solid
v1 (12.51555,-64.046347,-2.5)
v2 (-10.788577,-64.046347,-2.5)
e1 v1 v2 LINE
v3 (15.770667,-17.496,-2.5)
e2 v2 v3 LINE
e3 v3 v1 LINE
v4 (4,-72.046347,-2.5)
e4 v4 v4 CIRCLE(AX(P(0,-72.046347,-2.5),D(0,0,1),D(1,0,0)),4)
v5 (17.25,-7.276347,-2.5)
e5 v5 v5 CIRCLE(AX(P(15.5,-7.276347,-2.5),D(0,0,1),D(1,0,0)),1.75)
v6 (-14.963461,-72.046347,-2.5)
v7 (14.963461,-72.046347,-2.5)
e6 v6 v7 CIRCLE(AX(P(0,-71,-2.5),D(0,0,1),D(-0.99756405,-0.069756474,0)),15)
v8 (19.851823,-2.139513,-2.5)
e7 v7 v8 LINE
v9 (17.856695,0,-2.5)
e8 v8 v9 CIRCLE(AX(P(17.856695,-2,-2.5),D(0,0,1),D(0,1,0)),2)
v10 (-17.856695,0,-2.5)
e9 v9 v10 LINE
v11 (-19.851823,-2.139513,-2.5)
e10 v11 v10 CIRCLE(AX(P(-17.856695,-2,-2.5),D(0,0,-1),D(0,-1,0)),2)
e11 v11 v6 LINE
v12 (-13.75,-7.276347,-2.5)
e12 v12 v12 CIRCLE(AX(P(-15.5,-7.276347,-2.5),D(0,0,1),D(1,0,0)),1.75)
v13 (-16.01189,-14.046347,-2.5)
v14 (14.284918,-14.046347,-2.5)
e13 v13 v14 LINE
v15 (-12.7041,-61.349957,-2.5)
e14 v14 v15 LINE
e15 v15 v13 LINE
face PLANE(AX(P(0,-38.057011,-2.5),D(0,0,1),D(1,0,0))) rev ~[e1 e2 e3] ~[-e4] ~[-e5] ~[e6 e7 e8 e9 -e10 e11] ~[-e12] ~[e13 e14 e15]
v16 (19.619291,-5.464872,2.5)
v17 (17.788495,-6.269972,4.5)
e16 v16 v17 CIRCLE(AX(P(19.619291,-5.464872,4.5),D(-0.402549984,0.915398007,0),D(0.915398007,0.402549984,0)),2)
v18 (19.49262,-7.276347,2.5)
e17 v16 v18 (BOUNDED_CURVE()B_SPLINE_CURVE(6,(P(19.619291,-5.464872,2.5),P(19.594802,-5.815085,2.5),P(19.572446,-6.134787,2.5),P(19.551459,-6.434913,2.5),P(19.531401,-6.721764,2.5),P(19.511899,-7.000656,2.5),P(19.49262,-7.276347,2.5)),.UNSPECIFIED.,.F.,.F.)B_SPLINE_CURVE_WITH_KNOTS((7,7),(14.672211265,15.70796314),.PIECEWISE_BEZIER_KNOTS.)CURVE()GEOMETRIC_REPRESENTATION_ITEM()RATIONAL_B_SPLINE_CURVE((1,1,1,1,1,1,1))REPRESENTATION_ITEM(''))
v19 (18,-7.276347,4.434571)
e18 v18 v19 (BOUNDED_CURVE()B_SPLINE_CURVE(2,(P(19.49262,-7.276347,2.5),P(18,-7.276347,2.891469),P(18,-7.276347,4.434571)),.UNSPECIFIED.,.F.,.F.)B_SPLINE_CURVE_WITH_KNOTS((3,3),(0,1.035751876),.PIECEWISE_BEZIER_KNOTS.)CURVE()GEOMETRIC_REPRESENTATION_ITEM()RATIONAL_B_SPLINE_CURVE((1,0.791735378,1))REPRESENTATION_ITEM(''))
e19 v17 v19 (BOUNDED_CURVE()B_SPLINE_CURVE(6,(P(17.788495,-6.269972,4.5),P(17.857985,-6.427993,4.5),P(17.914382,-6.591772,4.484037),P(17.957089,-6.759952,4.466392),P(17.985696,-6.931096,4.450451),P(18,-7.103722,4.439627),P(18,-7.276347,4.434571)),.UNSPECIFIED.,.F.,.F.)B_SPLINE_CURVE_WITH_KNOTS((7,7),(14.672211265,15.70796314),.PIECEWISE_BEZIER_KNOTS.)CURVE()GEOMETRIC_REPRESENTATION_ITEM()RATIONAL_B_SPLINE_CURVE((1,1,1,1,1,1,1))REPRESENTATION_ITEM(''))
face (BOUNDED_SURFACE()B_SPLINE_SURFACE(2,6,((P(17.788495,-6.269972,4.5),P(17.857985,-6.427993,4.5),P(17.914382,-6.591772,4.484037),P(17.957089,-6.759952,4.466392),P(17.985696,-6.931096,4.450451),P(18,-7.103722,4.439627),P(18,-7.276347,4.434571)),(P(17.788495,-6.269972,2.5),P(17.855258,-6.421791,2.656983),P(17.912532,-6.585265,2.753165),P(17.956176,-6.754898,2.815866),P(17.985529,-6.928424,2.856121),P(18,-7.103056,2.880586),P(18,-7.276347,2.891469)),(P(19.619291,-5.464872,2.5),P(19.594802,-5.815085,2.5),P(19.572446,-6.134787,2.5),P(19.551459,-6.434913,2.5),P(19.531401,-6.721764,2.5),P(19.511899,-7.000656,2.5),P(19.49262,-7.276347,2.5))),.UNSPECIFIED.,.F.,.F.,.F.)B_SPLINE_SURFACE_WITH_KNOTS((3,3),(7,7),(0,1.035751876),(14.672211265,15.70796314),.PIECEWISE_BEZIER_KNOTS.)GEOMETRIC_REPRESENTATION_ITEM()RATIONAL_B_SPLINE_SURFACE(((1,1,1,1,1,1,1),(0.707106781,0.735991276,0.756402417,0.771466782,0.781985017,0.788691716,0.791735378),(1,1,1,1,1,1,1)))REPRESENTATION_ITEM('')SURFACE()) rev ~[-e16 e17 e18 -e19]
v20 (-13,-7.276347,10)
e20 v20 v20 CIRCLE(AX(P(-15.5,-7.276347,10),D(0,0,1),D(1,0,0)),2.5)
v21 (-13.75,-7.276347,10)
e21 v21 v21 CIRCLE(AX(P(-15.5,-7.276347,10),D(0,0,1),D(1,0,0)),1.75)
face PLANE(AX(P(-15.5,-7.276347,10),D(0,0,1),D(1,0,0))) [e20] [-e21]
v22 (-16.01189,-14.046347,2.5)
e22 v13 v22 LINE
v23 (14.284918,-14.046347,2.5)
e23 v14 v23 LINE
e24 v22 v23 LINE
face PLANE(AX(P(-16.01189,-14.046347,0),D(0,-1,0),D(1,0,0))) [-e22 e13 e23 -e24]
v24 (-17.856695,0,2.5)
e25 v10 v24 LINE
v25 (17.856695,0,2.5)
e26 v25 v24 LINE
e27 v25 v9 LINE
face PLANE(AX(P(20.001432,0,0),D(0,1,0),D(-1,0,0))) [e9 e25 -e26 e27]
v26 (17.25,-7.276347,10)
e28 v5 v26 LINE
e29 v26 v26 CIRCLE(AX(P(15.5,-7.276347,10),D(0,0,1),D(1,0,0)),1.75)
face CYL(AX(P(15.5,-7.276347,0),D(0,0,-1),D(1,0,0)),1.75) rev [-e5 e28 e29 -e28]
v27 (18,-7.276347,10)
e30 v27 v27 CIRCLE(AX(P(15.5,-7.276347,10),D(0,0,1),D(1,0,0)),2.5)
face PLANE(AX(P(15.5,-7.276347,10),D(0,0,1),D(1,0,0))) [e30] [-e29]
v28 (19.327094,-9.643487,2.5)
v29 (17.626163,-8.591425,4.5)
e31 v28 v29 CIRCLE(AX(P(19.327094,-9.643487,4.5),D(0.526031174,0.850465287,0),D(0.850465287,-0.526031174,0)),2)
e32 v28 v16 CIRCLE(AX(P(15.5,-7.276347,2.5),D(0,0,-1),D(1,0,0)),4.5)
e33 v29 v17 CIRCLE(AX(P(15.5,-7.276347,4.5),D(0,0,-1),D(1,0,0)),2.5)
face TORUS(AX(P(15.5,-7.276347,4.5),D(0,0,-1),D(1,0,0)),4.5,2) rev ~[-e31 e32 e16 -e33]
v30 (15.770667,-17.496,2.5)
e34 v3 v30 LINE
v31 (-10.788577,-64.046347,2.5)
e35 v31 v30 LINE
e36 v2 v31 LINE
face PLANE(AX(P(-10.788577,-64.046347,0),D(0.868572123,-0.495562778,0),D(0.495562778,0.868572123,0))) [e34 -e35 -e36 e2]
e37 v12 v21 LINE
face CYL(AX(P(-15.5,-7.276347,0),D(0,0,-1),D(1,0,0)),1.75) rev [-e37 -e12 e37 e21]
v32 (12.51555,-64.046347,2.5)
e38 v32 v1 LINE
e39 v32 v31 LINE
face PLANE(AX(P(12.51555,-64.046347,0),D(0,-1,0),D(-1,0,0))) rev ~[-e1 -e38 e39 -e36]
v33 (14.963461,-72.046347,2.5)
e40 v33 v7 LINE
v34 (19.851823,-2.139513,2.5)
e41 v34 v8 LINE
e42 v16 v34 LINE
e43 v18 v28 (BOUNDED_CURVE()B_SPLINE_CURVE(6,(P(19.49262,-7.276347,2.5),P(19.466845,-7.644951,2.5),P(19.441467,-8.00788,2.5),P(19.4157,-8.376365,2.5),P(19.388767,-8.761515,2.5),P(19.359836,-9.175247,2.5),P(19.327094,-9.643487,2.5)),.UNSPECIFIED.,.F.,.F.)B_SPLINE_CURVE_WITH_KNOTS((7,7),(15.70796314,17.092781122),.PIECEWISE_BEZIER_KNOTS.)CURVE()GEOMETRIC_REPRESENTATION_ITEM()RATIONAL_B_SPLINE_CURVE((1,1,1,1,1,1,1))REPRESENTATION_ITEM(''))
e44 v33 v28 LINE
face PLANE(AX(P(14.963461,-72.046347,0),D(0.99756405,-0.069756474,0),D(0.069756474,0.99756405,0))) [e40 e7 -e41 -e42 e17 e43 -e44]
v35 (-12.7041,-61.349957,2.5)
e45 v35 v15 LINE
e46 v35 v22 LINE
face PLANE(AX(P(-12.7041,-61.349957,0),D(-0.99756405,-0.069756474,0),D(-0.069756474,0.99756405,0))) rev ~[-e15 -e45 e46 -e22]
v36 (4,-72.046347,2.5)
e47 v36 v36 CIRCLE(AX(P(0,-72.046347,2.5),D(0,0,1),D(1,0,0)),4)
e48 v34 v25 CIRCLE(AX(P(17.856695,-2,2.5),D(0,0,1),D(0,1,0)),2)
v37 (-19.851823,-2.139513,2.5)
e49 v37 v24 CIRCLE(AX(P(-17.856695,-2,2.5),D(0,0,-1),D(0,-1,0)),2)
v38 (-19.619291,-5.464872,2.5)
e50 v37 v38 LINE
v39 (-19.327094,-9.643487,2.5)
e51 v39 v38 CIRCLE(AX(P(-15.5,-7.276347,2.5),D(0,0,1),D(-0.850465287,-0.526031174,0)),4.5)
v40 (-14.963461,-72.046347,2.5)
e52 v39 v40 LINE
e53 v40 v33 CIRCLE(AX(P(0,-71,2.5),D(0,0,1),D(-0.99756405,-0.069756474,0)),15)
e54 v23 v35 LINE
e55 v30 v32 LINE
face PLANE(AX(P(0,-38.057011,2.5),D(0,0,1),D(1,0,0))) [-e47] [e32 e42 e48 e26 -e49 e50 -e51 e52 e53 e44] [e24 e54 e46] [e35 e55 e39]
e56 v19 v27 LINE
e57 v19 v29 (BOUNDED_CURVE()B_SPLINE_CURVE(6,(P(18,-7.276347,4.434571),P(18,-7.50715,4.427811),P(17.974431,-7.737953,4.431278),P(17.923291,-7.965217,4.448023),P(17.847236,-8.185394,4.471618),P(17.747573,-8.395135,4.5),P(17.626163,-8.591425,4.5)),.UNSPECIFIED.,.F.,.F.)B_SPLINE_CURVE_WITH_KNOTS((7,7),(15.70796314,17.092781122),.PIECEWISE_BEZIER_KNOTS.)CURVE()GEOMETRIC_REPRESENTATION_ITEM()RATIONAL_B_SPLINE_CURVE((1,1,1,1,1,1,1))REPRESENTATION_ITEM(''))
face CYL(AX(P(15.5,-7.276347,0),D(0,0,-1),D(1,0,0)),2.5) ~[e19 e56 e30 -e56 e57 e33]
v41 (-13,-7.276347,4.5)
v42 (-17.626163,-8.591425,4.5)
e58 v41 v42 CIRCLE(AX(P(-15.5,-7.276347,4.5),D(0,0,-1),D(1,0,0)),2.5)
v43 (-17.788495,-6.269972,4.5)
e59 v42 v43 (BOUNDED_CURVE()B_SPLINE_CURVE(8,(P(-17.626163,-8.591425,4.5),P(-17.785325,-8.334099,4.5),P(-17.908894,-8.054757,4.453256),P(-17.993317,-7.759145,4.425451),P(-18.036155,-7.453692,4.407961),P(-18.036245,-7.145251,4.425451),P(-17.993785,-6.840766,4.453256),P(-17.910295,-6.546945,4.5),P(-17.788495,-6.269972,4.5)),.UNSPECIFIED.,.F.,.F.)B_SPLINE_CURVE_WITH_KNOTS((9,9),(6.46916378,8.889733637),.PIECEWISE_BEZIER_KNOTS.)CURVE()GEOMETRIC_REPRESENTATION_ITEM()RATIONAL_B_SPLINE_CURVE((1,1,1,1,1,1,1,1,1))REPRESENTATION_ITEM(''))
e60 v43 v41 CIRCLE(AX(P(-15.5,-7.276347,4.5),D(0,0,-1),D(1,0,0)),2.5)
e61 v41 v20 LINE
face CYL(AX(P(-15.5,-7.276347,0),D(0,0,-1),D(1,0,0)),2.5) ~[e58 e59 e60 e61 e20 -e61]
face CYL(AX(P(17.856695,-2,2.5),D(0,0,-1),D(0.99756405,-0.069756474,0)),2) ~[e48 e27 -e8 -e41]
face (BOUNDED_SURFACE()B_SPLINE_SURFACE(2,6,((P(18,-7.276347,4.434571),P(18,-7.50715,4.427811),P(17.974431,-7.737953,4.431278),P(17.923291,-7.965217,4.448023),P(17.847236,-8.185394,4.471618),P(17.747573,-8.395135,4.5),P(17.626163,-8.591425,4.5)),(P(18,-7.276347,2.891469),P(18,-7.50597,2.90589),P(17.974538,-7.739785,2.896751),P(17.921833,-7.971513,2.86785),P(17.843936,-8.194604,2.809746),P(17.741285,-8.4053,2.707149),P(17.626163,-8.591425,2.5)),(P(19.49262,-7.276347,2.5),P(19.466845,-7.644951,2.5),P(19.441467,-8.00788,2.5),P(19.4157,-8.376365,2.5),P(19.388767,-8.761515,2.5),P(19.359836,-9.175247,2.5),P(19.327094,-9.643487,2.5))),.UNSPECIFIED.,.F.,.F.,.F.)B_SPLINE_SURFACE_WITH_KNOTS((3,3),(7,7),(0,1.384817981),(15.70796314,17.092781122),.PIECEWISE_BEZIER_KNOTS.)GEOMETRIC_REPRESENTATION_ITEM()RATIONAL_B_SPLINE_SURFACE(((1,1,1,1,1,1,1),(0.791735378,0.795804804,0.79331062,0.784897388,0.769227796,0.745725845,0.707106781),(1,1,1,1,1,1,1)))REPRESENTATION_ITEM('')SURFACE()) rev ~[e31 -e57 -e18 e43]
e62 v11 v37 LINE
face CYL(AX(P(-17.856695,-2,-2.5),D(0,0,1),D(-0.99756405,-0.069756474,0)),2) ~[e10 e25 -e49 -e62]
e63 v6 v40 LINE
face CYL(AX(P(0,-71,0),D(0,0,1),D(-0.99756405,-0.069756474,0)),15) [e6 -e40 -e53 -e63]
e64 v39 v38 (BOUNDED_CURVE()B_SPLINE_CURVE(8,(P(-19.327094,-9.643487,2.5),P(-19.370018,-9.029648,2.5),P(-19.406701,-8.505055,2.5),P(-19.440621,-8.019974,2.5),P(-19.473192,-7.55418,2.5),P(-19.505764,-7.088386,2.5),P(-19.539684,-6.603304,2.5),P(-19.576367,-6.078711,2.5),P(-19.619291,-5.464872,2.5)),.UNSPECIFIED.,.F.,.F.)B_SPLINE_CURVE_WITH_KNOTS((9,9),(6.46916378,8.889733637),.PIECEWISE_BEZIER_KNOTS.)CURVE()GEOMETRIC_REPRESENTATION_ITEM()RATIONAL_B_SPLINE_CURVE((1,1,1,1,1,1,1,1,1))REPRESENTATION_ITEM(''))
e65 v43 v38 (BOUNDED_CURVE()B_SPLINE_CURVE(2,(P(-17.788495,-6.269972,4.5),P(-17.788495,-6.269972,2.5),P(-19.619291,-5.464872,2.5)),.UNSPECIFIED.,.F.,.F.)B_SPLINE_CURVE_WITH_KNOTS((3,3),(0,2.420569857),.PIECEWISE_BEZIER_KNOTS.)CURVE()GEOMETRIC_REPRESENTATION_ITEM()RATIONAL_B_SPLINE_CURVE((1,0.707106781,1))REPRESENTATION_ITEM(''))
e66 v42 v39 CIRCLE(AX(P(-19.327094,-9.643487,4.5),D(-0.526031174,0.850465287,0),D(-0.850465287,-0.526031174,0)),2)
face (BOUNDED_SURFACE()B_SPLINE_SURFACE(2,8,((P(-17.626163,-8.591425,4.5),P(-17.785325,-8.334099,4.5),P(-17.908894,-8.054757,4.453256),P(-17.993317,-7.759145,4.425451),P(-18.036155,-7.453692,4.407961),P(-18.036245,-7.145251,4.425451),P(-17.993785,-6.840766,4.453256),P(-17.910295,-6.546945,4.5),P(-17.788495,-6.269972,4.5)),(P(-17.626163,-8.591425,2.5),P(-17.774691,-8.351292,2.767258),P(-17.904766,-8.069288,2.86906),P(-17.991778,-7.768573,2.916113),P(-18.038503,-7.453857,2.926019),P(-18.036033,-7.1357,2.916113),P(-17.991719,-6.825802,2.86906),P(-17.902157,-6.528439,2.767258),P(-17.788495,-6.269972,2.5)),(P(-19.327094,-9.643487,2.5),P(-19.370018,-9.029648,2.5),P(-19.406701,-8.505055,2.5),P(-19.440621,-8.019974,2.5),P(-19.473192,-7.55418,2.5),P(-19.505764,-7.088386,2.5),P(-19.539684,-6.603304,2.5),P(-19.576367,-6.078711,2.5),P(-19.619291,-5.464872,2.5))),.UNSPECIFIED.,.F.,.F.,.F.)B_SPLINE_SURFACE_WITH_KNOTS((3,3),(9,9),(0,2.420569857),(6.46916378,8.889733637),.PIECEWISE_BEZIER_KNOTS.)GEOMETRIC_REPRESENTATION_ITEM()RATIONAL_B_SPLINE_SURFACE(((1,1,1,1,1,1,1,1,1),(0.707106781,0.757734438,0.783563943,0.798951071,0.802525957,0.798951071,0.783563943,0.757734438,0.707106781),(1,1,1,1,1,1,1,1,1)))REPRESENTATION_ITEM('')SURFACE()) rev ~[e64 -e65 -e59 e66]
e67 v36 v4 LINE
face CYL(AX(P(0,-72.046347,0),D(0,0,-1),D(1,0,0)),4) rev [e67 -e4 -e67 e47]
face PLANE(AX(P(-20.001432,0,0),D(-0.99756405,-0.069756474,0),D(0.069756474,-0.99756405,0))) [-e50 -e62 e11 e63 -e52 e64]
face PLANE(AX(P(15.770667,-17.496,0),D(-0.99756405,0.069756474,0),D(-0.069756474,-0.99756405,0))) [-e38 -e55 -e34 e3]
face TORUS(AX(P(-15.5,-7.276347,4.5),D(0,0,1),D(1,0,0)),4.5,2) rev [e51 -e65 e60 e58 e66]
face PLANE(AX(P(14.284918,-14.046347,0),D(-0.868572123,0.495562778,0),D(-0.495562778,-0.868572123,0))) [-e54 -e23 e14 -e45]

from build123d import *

# Parameters (mm, degrees)
CROQUIS1_R              = 4
CROQUIS1_R_2            = 1.75
SALIENTE_EXTRUIR1_DEPTH = 2.5
CROQUIS1_3_R            = 2.5
CROQUIS1_3_R_2          = 1.75
SALIENTE_EXTRUIR2_DEPTH = 10
REDONDEO1_R             = 2
REDONDEO2_R             = 2


with BuildPart() as part:
    # Croquis1 → Saliente-Extruir1 (new, symmetric)
    with BuildSketch(Plane.XY):
        with BuildLine():
            Line((20.001432119, 0), (-20.001432119, 0))
            Line((-20.001432119, 0), (-14.963460754, -72.046347106))
            ThreePointArc((-14.963460754, -72.046347106), (0, -86), (14.963460754, -72.046347106))
            Line((14.963460754, -72.046347106), (20.001432119, 0))
        make_face()
        with Locations((0, -72.046347106)):
            Circle(CROQUIS1_R, mode=Mode.SUBTRACT)
        Polygon((-12.704099543, -61.349956664), (-16.011890152, -14.046347106), (14.28491785, -14.046347106), align=None, mode=Mode.SUBTRACT)
        Polygon((12.515549555, -64.046347106), (-10.788577252, -64.046347106), (15.770666891, -17.496000466), align=None, mode=Mode.SUBTRACT)
        with Locations((-15.5, -7.276347106)):
            Circle(CROQUIS1_R_2, mode=Mode.SUBTRACT)
        with Locations((15.5, -7.276347106)):
            Circle(CROQUIS1_R_2, mode=Mode.SUBTRACT)
    extrude(amount=SALIENTE_EXTRUIR1_DEPTH, both=True)

    # Croquis1<3> → Saliente-Extruir2 (add)
    # profile 1 of 2: a face of its own
    with BuildSketch(Plane.XY):
        with Locations((-15.5, -7.276347106)):
            Circle(CROQUIS1_3_R)
        with Locations((-15.5, -7.276347106)):
            Circle(CROQUIS1_3_R_2, mode=Mode.SUBTRACT)
    # profile 2 of 2: a face of its own
    with BuildSketch(Plane.XY):
        with Locations((15.5, -7.276347106)):
            Circle(CROQUIS1_3_R)
        with Locations((15.5, -7.276347106)):
            Circle(CROQUIS1_3_R_2, mode=Mode.SUBTRACT)
    extrude(amount=SALIENTE_EXTRUIR2_DEPTH)

    # Redondeo1
    redondeo1_edges = [part.edges().sort_by_distance(p)[0] for p in [
        (13, -7.276347106, 2.5),
        (-18, -7.276347106, 2.5),
    ]]
    fillet(redondeo1_edges, radius=REDONDEO1_R)

    # Redondeo2
    redondeo2_edges = [part.edges().sort_by_distance(p)[0] for p in [
        (20.001432119, 0, 0),
        (-20.001432119, 0, 0),
    ]]
    fillet(redondeo2_edges, radius=REDONDEO2_R)


solid = part.part
